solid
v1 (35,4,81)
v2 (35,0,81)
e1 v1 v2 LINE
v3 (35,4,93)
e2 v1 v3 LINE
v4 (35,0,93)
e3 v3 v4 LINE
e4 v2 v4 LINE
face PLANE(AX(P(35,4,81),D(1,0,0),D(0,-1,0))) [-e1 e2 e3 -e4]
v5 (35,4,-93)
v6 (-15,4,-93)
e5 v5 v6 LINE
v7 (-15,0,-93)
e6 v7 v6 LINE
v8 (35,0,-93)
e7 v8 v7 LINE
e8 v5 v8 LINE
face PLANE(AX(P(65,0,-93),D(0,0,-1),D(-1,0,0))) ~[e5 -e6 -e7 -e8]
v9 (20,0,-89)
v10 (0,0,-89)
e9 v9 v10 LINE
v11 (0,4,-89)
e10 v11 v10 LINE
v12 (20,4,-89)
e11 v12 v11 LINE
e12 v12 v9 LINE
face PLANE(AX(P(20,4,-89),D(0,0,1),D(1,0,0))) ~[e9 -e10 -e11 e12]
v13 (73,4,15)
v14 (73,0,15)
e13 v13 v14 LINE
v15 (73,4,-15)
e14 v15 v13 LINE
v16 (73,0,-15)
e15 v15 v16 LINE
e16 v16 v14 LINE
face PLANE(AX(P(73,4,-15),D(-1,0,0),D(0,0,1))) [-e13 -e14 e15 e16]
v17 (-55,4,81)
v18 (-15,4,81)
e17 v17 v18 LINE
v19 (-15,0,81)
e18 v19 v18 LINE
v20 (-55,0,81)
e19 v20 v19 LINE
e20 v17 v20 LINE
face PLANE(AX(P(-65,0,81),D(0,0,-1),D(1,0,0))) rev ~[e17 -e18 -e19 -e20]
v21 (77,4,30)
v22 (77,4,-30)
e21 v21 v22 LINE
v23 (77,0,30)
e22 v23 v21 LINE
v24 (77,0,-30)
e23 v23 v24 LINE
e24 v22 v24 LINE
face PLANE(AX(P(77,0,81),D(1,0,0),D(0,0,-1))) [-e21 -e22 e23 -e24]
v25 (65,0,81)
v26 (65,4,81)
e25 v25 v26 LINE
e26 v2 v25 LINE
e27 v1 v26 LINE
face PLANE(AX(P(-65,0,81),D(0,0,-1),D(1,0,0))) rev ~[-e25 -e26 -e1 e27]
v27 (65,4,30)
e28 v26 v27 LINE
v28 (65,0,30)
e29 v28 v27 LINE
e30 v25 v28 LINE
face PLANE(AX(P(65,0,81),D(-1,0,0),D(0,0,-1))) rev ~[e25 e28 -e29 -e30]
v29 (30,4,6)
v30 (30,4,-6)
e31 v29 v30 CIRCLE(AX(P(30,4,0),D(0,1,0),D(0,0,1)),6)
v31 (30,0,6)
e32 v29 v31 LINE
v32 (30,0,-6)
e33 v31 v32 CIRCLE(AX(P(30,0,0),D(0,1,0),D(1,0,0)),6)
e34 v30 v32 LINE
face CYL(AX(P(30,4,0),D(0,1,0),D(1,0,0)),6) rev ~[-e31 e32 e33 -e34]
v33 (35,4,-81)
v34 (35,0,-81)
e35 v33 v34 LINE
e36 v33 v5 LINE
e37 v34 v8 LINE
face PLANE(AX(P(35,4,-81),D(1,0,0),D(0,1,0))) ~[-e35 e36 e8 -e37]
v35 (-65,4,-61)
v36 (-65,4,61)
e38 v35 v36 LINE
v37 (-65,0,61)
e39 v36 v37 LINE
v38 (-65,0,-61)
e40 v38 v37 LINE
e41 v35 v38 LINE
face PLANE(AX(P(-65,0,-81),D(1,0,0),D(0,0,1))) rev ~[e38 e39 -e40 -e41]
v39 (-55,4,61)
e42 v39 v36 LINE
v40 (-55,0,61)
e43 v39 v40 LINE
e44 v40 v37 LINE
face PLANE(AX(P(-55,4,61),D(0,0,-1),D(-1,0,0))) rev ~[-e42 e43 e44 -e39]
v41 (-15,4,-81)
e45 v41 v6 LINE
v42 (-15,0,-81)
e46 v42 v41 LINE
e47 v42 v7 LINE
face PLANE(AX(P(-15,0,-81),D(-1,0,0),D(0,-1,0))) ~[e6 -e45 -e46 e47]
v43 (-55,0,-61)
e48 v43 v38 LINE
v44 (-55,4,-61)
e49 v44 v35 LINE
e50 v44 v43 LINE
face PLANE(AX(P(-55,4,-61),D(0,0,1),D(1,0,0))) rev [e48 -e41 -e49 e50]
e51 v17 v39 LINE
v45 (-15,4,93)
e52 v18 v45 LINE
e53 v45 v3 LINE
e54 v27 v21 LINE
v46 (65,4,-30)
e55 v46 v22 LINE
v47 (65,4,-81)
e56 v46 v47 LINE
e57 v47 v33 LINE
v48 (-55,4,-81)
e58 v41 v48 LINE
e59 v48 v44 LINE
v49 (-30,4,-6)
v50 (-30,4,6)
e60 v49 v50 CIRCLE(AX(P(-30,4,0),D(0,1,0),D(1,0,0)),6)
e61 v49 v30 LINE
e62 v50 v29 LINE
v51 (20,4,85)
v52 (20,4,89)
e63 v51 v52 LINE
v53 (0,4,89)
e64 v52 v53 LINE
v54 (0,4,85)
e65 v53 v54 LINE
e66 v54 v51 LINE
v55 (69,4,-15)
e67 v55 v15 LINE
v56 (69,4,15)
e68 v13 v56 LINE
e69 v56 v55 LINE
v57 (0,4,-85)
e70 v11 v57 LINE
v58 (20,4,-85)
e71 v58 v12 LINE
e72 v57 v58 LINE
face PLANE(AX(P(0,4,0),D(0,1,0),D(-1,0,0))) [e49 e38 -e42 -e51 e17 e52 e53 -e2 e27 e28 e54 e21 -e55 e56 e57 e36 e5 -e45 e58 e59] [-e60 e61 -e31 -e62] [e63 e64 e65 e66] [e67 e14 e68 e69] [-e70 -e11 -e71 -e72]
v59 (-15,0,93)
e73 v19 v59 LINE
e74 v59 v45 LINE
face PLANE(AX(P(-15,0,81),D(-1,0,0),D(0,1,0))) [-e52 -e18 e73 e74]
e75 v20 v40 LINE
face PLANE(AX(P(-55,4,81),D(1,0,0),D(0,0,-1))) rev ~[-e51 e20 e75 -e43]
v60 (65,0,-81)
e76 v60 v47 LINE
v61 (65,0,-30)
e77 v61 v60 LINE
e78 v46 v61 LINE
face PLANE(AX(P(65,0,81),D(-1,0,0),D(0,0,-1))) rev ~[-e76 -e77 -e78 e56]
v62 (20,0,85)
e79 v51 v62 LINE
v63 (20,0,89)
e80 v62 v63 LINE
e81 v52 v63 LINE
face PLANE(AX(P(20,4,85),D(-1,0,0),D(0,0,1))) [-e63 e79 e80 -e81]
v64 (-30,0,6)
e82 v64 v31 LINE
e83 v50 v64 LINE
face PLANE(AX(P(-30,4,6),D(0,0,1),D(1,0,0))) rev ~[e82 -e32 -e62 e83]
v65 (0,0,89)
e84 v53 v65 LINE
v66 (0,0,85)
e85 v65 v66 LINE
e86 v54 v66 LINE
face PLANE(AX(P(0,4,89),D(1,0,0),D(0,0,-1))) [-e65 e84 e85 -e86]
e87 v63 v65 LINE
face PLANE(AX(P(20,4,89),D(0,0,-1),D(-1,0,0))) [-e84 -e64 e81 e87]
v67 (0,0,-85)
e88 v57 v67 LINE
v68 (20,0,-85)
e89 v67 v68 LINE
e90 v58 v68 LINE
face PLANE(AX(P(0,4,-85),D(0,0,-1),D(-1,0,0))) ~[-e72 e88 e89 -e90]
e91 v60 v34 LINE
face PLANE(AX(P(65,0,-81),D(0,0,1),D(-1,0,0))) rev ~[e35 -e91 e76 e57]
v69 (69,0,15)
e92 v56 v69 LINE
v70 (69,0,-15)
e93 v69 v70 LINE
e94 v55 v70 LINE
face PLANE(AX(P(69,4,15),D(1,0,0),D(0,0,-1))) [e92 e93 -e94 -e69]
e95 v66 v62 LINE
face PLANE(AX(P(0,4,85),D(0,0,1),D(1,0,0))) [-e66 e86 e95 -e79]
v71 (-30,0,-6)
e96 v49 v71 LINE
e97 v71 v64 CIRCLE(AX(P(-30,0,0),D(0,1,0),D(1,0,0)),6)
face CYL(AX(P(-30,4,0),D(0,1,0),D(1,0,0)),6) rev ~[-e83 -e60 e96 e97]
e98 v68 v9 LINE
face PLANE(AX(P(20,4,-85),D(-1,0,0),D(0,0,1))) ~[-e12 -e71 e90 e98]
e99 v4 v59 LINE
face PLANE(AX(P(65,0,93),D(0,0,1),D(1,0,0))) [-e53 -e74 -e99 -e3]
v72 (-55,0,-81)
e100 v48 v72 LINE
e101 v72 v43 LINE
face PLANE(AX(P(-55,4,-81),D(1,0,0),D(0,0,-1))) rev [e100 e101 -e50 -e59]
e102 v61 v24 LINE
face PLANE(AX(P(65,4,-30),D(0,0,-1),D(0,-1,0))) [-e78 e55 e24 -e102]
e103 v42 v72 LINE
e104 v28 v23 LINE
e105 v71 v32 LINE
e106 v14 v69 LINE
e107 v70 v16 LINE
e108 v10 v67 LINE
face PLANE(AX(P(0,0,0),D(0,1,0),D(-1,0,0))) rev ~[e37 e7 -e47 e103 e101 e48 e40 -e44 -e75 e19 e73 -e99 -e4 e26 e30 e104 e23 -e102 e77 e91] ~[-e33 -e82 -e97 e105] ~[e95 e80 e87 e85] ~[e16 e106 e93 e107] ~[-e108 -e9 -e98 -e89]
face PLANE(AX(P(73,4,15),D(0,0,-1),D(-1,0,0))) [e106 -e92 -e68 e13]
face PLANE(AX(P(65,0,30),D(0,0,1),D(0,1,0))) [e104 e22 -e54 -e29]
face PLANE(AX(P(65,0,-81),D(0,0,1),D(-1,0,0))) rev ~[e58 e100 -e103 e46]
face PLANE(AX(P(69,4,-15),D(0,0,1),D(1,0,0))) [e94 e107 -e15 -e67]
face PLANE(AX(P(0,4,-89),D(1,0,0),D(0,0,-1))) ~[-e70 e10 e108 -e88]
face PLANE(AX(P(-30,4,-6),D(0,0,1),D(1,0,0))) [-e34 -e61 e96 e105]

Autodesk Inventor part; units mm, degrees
ref_plane "YZ Plane" through (0, 0, 0) normal (1, 0, 0) x (0, 1, 0)
ref_plane "XZ Plane" through (0, 0, 0) normal (0, 1, 0) x (-1, 0, 0)
ref_plane "XY Plane" through (0, 0, 0) normal (0, 0, 1) x (1, 0, 0)
sketch "Sketch1" plane through (0, 0, 0) normal (0, 1, 0) x (-1, 0, 0)
  line L0 (65, 81) -> (-65, 81)
  line L1 (-65, 81) -> (-65, -81)
  line L2 (-65, -81) -> (65, -81)
  line L3 (65, -81) -> (65, 81)
  point P0 (0, 0)
  point P1 (65, 0)
  point P2 (0, -81)
  dimension "d0" = 162
  dimension "d1" = 130
extrude "Extrusion1" add sketch "Sketch1" along normal blind 4
sketch "Sketch2" plane through (0, 4, 0) normal (0, 1, 0) x (1, 0, 0)
  circle A0 centre (-30, 0) radius 6
  circle A1 centre (30, 0) radius 6
  line L0 (-30, 6) -> (30, 6)
  line L1 (-30, -6) -> (30, -6)
  point P0 (0, 0)
  dimension "d4" = 12
  dimension "d5" = 12
  dimension "d6" = 30
  dimension "d7" = 30
extrude "Extrusion2" cut sketch "Sketch2" against normal through all
sketch "Sketch3" plane through (65, 0, 81) normal (1, 0, 0) x (0, 0, -1)
  line L0 (0, 4) -> (162, 4) projected
  line L1 (0, 0) -> (162, 0) projected
  line L2 (51, 4) -> (111, 4)
  line L3 (111, 4) -> (111, 0)
  line L4 (111, 0) -> (51, 0)
  line L5 (51, 0) -> (51, 4)
  point P0 (81, 0)
  point P1 (81, 0)
  dimension "d10" = 60
  dimension "d11" = 30
extrude "Extrusion3" add sketch "Sketch3" along normal blind 12
sketch "Sketch4" plane through (0, 4, 0) normal (0, 1, 0) x (1, 0, 0)
  line L0 (-65, -81) -> (65, -81) projected
  line L1 (-65, -81) -> (-55, -81)
  line L2 (-55, -81) -> (-55, -61)
  line L3 (-55, -61) -> (-65, -61)
  line L4 (-65, -61) -> (-65, -81)
  point P0 (0, 0)
  dimension "d14" = 20
  dimension "d15" = 10
extrude "Extrusion4" cut sketch "Sketch4" against normal blind 4
mirror "Mirror1" about plane through (0, 0, 0) normal (0, 0, 1) of "Extrusion4"
sketch "Sketch5" plane through (65, 0, 81) normal (0, 0, 1) x (1, 0, 0)
  line L0 (-35, 4) -> (-95, 4) projected
  line L1 (-80, 4) -> (-30, 4)
  line L2 (-30, 4) -> (-30, 0)
  line L3 (-30, 0) -> (-80, 0)
  line L4 (-80, 0) -> (-80, 4)
  line L5 (0, 0) -> (0, 4) projected
  point P0 (-65, 0)
  point P1 (-30, 2)
  point P2 (-80, 2)
  point P3 (0, 2)
  point P4 (-55, 0)
  dimension "d18" = 50
  dimension "d19" = 55
extrude "Extrusion5" add sketch "Sketch5" along normal blind 12
sketch "Sketch6" plane through (0, 4, 0) normal (0, 1, 0) x (1, 0, 0)
  line L0 (0, -85) -> (20, -85)
  line L1 (20, -85) -> (20, -89)
  line L2 (20, -89) -> (0, -89)
  line L3 (0, -89) -> (0, -85)
  line L4 (35, -81) -> (65, -81) projected
  line L5 (35, -81) -> (35, -93) projected
  point P0 (0, 0)
  point P1 (20, -87)
  dimension "d22" = 20
  dimension "d23" = 4
  dimension "d24" = 4
  dimension "d25" = 15
extrude "Extrusion6" cut sketch "Sketch6" against normal blind 12
mirror "Mirror2" about plane through (0, 0, 0) normal (0, 0, 1) of "Extrusion5", "Extrusion6"
sketch "Sketch7" plane through (0, 4, 0) normal (0, 1, 0) x (1, 0, 0)
  line L0 (69, 15) -> (73, 15)
  line L1 (73, 15) -> (73, -15)
  line L2 (73, -15) -> (69, -15)
  line L3 (69, -15) -> (69, 15)
  line L4 (65, 30) -> (65, 81) projected
  point P0 (0, 0)
  point P1 (69, 0)
  dimension "d28" = 4
  dimension "d29" = 4
  dimension "d30" = 30
extrude "Extrusion7" cut sketch "Sketch7" against normal blind 12
properties part number "Parte intermedia"
